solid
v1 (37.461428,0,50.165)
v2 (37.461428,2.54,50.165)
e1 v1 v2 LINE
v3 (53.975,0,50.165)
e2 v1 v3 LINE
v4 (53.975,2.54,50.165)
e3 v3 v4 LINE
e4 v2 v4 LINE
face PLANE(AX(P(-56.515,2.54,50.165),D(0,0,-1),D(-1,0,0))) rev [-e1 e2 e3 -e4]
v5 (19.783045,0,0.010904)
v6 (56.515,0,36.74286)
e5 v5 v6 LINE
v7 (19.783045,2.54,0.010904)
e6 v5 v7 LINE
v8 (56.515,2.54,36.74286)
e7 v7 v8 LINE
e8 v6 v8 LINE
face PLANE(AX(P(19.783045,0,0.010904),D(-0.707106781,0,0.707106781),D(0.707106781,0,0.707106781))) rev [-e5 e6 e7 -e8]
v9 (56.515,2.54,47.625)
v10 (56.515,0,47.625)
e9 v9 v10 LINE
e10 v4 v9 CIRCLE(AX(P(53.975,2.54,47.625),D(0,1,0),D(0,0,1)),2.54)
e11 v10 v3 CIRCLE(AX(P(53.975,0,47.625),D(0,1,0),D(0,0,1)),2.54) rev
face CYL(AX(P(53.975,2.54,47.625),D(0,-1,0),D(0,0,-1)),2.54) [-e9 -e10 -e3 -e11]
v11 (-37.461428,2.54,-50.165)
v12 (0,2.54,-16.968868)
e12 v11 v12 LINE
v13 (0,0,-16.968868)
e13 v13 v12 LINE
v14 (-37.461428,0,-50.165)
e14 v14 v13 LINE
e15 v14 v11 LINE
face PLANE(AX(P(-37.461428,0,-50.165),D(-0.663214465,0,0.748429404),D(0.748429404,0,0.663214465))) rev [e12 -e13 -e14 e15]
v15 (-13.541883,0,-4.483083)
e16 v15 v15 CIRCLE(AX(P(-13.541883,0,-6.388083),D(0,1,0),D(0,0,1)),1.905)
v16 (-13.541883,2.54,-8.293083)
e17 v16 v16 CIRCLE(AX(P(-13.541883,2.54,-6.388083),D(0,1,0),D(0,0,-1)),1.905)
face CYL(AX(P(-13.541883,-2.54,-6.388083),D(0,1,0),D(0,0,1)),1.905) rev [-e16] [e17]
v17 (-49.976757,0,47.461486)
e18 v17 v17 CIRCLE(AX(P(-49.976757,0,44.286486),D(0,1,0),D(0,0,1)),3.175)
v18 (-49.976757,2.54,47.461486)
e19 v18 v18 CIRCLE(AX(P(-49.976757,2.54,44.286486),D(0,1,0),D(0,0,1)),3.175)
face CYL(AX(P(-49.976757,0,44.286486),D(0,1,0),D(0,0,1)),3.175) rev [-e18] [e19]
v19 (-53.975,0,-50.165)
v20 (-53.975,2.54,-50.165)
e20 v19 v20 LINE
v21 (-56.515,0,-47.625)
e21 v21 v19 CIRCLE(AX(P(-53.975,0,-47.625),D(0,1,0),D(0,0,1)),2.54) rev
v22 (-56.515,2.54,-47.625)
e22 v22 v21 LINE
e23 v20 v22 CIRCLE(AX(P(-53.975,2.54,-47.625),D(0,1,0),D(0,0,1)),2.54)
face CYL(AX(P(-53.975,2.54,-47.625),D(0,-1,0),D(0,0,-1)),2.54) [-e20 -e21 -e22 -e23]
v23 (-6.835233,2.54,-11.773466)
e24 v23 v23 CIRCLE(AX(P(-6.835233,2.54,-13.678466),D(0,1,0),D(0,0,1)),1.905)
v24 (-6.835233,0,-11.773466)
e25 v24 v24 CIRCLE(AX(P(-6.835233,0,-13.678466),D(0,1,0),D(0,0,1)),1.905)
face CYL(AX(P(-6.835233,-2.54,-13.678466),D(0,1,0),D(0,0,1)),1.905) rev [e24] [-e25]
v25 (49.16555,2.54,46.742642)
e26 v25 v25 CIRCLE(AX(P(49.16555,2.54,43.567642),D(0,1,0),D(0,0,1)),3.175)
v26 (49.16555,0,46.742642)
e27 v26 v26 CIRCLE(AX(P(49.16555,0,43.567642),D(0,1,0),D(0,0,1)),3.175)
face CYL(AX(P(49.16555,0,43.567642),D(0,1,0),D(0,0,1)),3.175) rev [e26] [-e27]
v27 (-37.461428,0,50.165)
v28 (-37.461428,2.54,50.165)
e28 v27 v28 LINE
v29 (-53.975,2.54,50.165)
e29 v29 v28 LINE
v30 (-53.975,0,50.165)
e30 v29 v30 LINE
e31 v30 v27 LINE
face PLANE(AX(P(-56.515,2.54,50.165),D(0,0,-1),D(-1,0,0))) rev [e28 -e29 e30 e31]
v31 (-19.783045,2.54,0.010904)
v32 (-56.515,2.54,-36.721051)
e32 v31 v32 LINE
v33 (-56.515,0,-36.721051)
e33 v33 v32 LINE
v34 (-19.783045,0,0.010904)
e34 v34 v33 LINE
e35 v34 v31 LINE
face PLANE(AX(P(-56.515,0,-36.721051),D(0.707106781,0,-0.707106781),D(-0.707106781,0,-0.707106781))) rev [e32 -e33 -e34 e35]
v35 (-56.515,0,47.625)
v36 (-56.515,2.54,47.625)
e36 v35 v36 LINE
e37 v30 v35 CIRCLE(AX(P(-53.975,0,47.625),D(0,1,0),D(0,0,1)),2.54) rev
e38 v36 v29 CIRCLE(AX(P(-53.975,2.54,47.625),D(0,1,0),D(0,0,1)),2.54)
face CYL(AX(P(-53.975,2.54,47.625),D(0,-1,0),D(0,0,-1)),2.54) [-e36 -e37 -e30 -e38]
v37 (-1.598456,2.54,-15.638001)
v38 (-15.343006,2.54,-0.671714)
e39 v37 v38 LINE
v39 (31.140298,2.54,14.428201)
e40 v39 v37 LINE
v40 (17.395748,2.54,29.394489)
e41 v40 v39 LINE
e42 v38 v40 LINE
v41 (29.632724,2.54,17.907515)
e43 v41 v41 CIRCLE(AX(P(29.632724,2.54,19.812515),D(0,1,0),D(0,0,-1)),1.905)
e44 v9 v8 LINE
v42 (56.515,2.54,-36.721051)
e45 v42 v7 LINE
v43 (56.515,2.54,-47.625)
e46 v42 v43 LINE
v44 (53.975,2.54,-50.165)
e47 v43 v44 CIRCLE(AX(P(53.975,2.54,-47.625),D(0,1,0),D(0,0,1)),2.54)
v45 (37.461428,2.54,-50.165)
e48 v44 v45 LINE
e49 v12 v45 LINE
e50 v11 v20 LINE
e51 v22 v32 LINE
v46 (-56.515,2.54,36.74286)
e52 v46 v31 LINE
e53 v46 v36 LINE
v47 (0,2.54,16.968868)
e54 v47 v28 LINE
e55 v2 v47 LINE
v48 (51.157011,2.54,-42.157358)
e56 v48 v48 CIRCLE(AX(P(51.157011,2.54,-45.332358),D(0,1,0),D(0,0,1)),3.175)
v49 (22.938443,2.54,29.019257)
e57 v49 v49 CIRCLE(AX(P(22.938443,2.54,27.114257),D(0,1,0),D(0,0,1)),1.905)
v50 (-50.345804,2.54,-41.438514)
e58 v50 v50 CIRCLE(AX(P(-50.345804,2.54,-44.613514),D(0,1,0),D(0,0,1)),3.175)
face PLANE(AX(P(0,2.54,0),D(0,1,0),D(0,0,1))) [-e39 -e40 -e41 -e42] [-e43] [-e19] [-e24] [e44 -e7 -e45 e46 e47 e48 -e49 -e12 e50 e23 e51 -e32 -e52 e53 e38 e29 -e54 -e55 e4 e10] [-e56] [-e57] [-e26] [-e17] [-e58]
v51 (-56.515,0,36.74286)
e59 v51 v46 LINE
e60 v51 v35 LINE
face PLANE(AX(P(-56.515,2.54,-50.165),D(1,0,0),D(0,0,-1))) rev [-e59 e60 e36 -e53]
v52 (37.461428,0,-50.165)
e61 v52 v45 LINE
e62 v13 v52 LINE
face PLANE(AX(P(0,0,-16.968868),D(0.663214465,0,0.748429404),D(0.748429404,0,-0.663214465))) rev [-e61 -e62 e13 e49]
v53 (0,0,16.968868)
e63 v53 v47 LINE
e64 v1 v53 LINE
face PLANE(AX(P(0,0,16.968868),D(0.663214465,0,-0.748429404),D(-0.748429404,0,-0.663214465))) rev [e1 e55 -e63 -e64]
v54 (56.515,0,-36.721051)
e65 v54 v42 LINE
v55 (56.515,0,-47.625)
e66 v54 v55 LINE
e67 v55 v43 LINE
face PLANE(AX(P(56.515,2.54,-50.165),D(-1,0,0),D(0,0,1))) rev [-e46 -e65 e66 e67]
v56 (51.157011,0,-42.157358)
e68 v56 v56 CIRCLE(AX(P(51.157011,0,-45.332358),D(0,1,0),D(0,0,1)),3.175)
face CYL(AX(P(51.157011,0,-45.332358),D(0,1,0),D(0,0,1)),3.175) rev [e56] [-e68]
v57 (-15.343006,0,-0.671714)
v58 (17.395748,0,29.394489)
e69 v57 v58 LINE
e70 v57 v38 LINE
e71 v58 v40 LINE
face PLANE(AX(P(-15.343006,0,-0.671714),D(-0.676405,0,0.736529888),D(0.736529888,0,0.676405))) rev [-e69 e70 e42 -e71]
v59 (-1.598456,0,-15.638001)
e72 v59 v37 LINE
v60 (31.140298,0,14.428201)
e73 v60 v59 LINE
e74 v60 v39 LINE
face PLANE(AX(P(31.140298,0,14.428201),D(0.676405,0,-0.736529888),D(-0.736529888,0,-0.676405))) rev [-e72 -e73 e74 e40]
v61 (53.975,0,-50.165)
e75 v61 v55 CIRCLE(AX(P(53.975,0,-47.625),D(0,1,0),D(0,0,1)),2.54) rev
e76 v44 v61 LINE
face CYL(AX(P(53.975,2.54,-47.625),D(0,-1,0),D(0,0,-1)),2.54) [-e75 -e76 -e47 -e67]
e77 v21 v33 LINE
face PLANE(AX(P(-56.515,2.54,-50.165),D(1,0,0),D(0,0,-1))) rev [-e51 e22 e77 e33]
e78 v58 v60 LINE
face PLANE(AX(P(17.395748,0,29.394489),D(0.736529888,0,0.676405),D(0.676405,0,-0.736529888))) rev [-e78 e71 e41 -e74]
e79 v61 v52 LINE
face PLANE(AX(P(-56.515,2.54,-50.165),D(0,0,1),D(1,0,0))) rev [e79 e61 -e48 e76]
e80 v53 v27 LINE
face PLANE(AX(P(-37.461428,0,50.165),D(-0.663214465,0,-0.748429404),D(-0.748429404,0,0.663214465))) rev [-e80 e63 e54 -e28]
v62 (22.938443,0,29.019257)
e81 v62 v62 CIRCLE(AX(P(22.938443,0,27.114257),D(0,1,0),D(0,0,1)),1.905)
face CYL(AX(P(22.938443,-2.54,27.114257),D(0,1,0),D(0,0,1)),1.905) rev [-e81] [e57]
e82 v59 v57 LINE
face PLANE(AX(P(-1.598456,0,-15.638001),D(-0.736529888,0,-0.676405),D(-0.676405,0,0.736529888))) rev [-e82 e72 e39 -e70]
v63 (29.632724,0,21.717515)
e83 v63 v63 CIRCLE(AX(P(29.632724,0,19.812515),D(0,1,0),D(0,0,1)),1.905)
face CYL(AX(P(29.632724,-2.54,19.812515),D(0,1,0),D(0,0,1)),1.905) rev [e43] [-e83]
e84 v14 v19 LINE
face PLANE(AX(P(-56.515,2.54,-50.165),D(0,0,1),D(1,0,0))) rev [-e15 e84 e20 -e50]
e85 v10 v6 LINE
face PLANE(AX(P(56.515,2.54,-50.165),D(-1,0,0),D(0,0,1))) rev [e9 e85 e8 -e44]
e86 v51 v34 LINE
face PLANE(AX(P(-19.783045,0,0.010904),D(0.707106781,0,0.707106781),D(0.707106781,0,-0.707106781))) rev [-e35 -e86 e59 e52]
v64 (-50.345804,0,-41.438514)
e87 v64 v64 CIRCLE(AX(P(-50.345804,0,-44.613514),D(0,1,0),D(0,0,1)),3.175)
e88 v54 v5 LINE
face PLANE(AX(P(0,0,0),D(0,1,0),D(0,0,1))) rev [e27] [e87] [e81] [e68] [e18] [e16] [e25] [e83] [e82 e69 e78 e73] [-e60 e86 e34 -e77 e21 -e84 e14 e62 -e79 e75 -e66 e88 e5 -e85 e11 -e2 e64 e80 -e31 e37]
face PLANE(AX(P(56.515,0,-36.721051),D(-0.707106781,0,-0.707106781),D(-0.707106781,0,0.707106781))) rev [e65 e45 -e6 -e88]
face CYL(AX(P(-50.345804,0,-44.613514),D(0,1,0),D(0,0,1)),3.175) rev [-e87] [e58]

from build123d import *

# Parameters (mm, degrees)
SKETCH2_W           = 113.03
SKETCH2_H           = 100.33
BOSS_EXTRUDE1_DEPTH = 2.54
FILLET1_R           = 2.54
FILLET2_R           = 2.54
CUT_EXTRUDE1_DEPTH  = 3.54
SKETCH5_R           = 3.175
CUT_EXTRUDE2_DEPTH  = 3.54
CUT_EXTRUDE3_DEPTH  = 3.54
SKETCH9_R           = 1.905
CUT_EXTRUDE4_DEPTH  = 5.08


with BuildPart() as part:
    # Sketch2 → Boss-Extrude1 (new body)
    with BuildSketch(Plane(origin=(0, 0, 0), x_dir=(1, 0, 0), z_dir=(0, 1, 0))):
        Rectangle(SKETCH2_W, SKETCH2_H)
    extrude(amount=BOSS_EXTRUDE1_DEPTH)

    # Fillet1
    fillet1_edges = [part.edges().sort_by_distance(p)[0] for p in [
        (-56.515, 1.27, -50.165),
    ]]
    fillet(fillet1_edges, radius=FILLET1_R)

    # Fillet2
    fillet2_edges = [part.edges().sort_by_distance(p)[0] for p in [
        (56.515, 1.27, 50.165),
        (-56.515, 1.27, 50.165),
        (56.515, 1.27, -50.165),
    ]]
    fillet(fillet2_edges, radius=FILLET2_R)

    # Sketch4 → Cut-Extrude1 (cut, through all)
    with BuildSketch(Plane(origin=(0, 2.54, 0), x_dir=(1, 0, 0), z_dir=(0, 1, 0))):
        Polygon((-37.461428175, 50.165), (0, 16.968868313), (37.461428175, 50.165), align=None)
        Polygon((0, -16.968868313), (37.461428175, -50.165), (-37.461428175, -50.165), align=None)
        Polygon((-56.515, 36.721051224), (-19.783044536, -0.01090424), (-56.515, -36.742859704), align=None)
        Polygon((19.783044536, -0.01090424), (56.515, -36.742859704), (56.515, 36.721051224), align=None)
    extrude(amount=-CUT_EXTRUDE1_DEPTH, mode=Mode.SUBTRACT)

    # Sketch5 → Cut-Extrude2 (cut, through all)
    with BuildSketch(Plane(origin=(0, 2.54, 0), x_dir=(1, 0, 0), z_dir=(0, 1, 0))):
        with Locations((-50.345804437, 44.613514098)):
            Circle(SKETCH5_R)
        with Locations((49.165550163, -43.56764163)):
            Circle(SKETCH5_R)
        with Locations((51.157011398, 45.33235837)):
            Circle(SKETCH5_R)
        with Locations((-49.976757123, -44.286485902)):
            Circle(SKETCH5_R)
    extrude(amount=-CUT_EXTRUDE2_DEPTH, mode=Mode.SUBTRACT)

    # Sketch8 → Cut-Extrude3 (cut, through all)
    with BuildSketch(Plane(origin=(0, 2.54, 0), x_dir=(1, 0, 0), z_dir=(0, 1, 0))):
        Polygon((-15.34300557, 0.671713564), (17.39574797, -29.394488667), (31.140297562, -14.428201334), (-1.598455979, 15.638000897), align=None)
    extrude(amount=-CUT_EXTRUDE3_DEPTH, mode=Mode.SUBTRACT)

    # Sketch9 → Cut-Extrude4 (cut)
    with BuildSketch(Plane(origin=(0, 2.54, 0), x_dir=(1, 0, 0), z_dir=(0, 1, 0))):
        with Locations((22.938442662, -27.1142567)):
            Circle(SKETCH9_R)
        with Locations((29.632724368, -19.812515234)):
            Circle(SKETCH9_R)
        with Locations((-13.541882712, 6.388082929)):
            Circle(SKETCH9_R)
        with Locations((-6.83523338, 13.678466371)):
            Circle(SKETCH9_R)
    extrude(amount=-CUT_EXTRUDE4_DEPTH, mode=Mode.SUBTRACT)


solid = part.part
